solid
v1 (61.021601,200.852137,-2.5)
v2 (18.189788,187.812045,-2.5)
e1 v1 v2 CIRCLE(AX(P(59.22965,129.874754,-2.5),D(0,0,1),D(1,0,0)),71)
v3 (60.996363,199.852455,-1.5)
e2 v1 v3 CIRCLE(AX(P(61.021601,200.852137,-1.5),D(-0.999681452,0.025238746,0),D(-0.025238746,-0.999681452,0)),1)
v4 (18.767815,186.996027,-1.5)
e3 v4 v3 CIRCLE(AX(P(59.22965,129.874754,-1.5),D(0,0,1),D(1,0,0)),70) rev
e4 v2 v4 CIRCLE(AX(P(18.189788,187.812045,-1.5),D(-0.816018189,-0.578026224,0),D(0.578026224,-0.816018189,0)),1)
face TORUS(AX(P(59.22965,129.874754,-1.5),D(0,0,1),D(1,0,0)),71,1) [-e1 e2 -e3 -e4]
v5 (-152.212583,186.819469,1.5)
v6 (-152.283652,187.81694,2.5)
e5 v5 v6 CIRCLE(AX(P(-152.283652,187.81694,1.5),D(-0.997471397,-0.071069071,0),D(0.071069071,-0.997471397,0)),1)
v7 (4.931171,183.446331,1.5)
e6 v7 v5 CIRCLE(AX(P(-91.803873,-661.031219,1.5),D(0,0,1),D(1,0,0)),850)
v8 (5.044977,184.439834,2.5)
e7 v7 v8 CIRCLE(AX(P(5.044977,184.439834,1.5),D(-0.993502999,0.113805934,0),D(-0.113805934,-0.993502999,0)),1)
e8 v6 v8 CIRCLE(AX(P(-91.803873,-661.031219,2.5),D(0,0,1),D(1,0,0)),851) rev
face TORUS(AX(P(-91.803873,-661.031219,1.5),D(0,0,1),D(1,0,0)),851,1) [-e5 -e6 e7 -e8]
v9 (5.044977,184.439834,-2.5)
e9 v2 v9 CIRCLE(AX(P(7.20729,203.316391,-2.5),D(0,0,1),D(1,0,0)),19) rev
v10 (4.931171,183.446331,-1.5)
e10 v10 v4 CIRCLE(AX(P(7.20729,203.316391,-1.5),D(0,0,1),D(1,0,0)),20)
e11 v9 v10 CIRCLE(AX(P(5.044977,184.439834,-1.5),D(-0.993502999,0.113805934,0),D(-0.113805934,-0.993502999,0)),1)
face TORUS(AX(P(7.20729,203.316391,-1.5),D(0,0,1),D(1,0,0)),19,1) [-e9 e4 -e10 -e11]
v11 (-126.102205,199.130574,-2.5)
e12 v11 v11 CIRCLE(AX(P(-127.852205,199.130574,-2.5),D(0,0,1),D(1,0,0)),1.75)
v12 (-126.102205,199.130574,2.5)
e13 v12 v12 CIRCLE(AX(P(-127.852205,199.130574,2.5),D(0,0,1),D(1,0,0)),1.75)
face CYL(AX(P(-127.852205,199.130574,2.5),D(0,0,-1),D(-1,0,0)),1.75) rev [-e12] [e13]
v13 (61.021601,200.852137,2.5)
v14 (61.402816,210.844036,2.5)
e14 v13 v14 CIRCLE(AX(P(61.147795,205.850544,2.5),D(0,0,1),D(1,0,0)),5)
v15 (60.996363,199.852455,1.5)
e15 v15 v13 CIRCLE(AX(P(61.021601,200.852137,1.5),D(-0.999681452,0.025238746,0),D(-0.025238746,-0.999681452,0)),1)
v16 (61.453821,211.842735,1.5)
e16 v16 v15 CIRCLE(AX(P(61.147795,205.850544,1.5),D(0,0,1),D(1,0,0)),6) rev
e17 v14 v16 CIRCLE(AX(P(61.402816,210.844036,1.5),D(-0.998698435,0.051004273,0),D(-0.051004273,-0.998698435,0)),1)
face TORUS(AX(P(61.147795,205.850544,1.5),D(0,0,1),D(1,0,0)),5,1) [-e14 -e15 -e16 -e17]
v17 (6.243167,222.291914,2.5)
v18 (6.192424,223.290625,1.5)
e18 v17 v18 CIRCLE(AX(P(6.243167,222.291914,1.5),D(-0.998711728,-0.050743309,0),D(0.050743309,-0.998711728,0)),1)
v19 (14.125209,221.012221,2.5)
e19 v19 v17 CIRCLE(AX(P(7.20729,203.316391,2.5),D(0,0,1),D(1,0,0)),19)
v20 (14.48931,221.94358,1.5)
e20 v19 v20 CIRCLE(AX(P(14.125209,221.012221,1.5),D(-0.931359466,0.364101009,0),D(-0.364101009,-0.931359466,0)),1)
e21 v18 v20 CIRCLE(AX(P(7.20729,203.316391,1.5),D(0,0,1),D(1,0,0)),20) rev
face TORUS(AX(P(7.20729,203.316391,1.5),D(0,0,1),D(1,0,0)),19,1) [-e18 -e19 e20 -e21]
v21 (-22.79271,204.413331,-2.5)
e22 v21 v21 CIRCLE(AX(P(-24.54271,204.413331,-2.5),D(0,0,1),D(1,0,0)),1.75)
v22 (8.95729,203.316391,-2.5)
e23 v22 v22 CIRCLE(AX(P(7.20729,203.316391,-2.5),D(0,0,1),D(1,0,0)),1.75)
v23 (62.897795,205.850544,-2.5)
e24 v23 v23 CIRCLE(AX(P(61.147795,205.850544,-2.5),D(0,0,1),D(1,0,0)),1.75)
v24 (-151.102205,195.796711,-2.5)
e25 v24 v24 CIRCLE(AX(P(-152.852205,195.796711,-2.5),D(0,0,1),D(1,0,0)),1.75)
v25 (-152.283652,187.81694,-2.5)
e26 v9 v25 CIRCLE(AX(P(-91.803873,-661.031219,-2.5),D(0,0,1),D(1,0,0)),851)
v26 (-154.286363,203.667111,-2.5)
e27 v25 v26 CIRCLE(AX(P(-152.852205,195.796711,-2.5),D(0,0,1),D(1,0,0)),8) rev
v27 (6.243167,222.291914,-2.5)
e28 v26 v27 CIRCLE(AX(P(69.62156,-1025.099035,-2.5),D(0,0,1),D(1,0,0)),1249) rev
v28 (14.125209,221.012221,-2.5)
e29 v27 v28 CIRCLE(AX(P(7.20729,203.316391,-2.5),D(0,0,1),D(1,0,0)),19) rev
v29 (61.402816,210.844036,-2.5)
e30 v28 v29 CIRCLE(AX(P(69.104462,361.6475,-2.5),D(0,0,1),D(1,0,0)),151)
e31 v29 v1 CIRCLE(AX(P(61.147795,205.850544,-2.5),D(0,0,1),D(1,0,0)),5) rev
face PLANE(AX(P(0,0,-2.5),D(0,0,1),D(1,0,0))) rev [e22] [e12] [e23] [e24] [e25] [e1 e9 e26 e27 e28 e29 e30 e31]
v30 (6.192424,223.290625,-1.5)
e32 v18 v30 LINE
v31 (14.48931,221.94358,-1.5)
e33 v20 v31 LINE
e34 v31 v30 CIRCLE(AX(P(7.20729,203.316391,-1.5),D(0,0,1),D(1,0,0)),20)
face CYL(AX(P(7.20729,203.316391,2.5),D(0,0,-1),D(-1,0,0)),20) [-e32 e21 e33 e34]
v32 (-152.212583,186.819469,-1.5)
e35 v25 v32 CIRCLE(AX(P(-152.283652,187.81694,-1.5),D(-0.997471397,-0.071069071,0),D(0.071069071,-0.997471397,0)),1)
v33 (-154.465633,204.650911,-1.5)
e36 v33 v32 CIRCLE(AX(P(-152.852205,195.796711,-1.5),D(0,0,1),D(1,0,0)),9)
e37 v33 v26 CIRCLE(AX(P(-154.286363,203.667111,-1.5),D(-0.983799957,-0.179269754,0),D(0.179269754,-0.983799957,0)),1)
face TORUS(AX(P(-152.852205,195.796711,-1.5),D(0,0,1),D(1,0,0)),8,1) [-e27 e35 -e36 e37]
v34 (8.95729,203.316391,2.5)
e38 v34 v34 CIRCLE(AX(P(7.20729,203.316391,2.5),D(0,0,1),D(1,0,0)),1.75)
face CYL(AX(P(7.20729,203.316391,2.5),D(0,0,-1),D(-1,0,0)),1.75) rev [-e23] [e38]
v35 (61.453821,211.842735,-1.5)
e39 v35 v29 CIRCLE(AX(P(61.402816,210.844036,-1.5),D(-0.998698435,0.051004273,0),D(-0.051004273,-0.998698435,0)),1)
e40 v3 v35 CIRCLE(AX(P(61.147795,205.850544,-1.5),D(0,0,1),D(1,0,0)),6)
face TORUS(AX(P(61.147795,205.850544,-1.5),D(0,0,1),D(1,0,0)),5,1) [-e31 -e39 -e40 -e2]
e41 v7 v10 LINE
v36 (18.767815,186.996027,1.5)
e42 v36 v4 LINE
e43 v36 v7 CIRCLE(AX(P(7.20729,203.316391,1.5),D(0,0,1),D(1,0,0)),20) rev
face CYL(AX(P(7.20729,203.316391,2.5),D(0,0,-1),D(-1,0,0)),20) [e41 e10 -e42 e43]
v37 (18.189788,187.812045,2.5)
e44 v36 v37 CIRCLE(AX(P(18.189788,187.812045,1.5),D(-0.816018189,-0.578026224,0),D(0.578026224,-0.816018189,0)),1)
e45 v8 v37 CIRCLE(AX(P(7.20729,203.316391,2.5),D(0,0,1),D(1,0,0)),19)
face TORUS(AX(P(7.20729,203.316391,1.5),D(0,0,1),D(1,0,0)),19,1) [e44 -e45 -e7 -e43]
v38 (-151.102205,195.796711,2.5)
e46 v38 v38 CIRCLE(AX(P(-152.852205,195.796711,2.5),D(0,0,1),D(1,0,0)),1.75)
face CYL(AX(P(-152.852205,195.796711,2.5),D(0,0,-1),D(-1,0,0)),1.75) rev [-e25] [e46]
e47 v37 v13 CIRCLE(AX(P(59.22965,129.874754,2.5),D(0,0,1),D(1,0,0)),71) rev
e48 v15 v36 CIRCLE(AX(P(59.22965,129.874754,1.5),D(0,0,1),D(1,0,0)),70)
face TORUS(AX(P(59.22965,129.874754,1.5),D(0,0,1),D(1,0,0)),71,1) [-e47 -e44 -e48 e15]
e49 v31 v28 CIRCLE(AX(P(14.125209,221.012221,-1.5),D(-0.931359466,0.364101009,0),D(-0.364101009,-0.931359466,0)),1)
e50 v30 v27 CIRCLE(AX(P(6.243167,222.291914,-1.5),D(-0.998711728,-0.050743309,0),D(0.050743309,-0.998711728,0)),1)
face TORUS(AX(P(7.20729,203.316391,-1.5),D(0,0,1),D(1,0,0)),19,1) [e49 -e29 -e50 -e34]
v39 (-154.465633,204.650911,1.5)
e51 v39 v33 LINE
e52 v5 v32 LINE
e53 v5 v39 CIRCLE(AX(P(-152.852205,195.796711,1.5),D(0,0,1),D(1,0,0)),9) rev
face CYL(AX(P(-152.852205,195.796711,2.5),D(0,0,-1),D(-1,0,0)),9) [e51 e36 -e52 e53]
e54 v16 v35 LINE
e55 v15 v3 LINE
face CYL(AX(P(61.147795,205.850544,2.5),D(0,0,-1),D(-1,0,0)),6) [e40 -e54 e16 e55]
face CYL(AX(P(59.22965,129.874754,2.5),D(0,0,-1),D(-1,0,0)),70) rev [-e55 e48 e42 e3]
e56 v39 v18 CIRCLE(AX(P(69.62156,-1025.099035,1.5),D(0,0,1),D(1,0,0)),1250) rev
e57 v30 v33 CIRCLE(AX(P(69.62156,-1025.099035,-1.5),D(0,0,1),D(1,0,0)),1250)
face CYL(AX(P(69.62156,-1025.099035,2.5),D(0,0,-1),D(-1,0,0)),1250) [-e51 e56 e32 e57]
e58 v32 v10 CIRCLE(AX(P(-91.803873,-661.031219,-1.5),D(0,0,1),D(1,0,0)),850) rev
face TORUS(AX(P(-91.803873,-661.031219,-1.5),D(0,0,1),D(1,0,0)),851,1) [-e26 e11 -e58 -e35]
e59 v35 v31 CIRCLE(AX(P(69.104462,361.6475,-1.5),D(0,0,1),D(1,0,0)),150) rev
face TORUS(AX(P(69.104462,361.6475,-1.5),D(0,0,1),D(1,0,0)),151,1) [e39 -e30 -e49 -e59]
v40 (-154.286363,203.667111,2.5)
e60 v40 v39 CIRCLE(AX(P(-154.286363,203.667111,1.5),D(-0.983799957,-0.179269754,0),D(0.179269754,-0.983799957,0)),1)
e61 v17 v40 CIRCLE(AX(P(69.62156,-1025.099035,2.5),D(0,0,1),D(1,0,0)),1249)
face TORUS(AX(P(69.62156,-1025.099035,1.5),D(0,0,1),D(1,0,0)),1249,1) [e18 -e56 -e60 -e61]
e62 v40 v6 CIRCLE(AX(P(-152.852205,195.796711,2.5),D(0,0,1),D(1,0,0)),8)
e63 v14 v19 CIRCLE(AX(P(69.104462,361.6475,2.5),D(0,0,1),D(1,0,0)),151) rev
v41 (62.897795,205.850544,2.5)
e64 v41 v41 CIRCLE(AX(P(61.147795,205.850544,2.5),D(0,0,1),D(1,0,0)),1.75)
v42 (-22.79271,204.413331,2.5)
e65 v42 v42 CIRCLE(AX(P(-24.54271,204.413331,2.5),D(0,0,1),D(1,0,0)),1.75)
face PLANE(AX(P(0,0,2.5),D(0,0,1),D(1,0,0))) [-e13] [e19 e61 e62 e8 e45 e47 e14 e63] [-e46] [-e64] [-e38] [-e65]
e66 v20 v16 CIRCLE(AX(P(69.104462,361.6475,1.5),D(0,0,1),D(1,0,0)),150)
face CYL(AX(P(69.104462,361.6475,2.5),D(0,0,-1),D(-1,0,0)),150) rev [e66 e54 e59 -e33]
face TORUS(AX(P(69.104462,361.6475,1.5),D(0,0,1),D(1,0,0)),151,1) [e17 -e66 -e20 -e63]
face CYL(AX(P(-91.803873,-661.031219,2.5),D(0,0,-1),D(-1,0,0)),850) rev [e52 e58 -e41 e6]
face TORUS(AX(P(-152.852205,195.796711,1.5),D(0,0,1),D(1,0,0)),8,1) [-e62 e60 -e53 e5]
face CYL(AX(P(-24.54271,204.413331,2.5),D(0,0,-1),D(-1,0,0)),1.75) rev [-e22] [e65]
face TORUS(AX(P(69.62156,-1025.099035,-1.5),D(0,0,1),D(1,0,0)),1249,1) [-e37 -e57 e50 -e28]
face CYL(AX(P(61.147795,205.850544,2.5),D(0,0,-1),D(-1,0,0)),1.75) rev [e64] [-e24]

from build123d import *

# Parameters (mm, degrees)
SKETCH2_R           = 1.75
SKETCH2_R_2         = 9
SKETCH2_R_3         = 20
SKETCH2_R_4         = 10
SKETCH2_R_5         = 6
BOSS_EXTRUDE1_DEPTH = 2.5
FILLET1_R           = 1


with BuildPart() as part:
    # Sketch2 → Boss-Extrude1 (new, symmetric)
    # profile 1 of 6: a face of its own
    with BuildSketch(Plane.XY):
        with BuildLine():
            ThreePointArc((4.931171461, 183.44633077), (-12.782697282, 203.949164453), (6.192423965, 223.290625322))
            ThreePointArc((6.192423965, 223.290625322), (-74.438391307, 216.57190759), (-154.465632764, 204.650910815))
            ThreePointArc((-154.465632764, 204.650910815), (-147.086827714, 202.707602973), (-143.852204973, 195.796711203))
            ThreePointArc((-143.852204973, 195.796711203), (-146.265984708, 189.663057919), (-152.212583331, 186.819468634))
            ThreePointArc((-152.212583331, 186.819468634), (-73.562569521, 188.773026517), (4.931171461, 183.44633077))
        make_face()
        with Locations((-127.852204973, 199.130573991)):
            Circle(SKETCH2_R, mode=Mode.SUBTRACT)
        with Locations((-24.542709853, 204.413331435)):
            Circle(SKETCH2_R, mode=Mode.SUBTRACT)
    # profile 2 of 6: a face of its own
    with BuildSketch(Plane.XY):
        with Locations((-152.852204973, 195.796711203)):
            Circle(SKETCH2_R_2)
        with Locations((-152.852204973, 195.796711203)):
            Circle(SKETCH2_R, mode=Mode.SUBTRACT)
    # profile 3 of 6: a face of its own
    with BuildSketch(Plane.XY):
        with Locations((7.207290147, 203.316390753)):
            Circle(SKETCH2_R_3)
        with Locations((7.207290147, 203.316390753)):
            Circle(SKETCH2_R_4, mode=Mode.SUBTRACT)
    # profile 4 of 6: a face of its own
    with BuildSketch(Plane.XY):
        with Locations((7.207290147, 203.316390753)):
            Circle(SKETCH2_R_4)
        with Locations((7.207290147, 203.316390753)):
            Circle(SKETCH2_R, mode=Mode.SUBTRACT)
    # profile 5 of 6: a face of its own
    with BuildSketch(Plane.XY):
        with Locations((61.147795027, 205.850544138)):
            Circle(SKETCH2_R_5)
        with Locations((61.147795027, 205.850544138)):
            Circle(SKETCH2_R, mode=Mode.SUBTRACT)
    # profile 6 of 6: a face of its own
    with BuildSketch(Plane.XY):
        with BuildLine():
            ThreePointArc((14.489310329, 221.943580076), (23.724559953, 214.593792855), (27.207290147, 203.316390753))
            ThreePointArc((27.207290147, 203.316390753), (24.972572156, 194.129728945), (18.767814631, 186.99602698))
            ThreePointArc((18.767814631, 186.99602698), (38.842152118, 196.840042673), (60.99636255, 199.852455425))
            ThreePointArc((60.99636255, 199.852455425), (55.152157086, 206.079292207), (61.453820667, 211.842734748))
            ThreePointArc((61.453820667, 211.842734748), (37.564582261, 215.000863469), (14.489310329, 221.943580076))
        make_face()
    extrude(amount=BOSS_EXTRUDE1_DEPTH, both=True)

    # Fillet1
    fillet1_edges = [part.edges().sort_by_distance(p)[0] for p in [
        (10.412432506, 223.057896837, -2.5),
        (37.564582261, 215.000863469, -2.5),
        (67.143432968, 205.621796069, -2.5),
        (38.842152118, 196.840042673, -2.5),
        (12.177213039, 183.94373305, -2.5),
        (-73.562569521, 188.773026517, -2.5),
        (-161.781211479, 194.66850784, -2.5),
        (-74.438391307, 216.57190759, 2.5),
        (-74.438391307, 216.57190759, -2.5),
        (-161.781211479, 194.66850784, 2.5),
        (-73.562569521, 188.773026517, 2.5),
        (12.177213039, 183.94373305, 2.5),
        (38.842152118, 196.840042673, 2.5),
        (67.143432968, 205.621796069, 2.5),
        (37.564582261, 215.000863469, 2.5),
        (10.412432506, 223.057896837, 2.5),
    ]]
    fillet(fillet1_edges, radius=FILLET1_R)


solid = part.part
